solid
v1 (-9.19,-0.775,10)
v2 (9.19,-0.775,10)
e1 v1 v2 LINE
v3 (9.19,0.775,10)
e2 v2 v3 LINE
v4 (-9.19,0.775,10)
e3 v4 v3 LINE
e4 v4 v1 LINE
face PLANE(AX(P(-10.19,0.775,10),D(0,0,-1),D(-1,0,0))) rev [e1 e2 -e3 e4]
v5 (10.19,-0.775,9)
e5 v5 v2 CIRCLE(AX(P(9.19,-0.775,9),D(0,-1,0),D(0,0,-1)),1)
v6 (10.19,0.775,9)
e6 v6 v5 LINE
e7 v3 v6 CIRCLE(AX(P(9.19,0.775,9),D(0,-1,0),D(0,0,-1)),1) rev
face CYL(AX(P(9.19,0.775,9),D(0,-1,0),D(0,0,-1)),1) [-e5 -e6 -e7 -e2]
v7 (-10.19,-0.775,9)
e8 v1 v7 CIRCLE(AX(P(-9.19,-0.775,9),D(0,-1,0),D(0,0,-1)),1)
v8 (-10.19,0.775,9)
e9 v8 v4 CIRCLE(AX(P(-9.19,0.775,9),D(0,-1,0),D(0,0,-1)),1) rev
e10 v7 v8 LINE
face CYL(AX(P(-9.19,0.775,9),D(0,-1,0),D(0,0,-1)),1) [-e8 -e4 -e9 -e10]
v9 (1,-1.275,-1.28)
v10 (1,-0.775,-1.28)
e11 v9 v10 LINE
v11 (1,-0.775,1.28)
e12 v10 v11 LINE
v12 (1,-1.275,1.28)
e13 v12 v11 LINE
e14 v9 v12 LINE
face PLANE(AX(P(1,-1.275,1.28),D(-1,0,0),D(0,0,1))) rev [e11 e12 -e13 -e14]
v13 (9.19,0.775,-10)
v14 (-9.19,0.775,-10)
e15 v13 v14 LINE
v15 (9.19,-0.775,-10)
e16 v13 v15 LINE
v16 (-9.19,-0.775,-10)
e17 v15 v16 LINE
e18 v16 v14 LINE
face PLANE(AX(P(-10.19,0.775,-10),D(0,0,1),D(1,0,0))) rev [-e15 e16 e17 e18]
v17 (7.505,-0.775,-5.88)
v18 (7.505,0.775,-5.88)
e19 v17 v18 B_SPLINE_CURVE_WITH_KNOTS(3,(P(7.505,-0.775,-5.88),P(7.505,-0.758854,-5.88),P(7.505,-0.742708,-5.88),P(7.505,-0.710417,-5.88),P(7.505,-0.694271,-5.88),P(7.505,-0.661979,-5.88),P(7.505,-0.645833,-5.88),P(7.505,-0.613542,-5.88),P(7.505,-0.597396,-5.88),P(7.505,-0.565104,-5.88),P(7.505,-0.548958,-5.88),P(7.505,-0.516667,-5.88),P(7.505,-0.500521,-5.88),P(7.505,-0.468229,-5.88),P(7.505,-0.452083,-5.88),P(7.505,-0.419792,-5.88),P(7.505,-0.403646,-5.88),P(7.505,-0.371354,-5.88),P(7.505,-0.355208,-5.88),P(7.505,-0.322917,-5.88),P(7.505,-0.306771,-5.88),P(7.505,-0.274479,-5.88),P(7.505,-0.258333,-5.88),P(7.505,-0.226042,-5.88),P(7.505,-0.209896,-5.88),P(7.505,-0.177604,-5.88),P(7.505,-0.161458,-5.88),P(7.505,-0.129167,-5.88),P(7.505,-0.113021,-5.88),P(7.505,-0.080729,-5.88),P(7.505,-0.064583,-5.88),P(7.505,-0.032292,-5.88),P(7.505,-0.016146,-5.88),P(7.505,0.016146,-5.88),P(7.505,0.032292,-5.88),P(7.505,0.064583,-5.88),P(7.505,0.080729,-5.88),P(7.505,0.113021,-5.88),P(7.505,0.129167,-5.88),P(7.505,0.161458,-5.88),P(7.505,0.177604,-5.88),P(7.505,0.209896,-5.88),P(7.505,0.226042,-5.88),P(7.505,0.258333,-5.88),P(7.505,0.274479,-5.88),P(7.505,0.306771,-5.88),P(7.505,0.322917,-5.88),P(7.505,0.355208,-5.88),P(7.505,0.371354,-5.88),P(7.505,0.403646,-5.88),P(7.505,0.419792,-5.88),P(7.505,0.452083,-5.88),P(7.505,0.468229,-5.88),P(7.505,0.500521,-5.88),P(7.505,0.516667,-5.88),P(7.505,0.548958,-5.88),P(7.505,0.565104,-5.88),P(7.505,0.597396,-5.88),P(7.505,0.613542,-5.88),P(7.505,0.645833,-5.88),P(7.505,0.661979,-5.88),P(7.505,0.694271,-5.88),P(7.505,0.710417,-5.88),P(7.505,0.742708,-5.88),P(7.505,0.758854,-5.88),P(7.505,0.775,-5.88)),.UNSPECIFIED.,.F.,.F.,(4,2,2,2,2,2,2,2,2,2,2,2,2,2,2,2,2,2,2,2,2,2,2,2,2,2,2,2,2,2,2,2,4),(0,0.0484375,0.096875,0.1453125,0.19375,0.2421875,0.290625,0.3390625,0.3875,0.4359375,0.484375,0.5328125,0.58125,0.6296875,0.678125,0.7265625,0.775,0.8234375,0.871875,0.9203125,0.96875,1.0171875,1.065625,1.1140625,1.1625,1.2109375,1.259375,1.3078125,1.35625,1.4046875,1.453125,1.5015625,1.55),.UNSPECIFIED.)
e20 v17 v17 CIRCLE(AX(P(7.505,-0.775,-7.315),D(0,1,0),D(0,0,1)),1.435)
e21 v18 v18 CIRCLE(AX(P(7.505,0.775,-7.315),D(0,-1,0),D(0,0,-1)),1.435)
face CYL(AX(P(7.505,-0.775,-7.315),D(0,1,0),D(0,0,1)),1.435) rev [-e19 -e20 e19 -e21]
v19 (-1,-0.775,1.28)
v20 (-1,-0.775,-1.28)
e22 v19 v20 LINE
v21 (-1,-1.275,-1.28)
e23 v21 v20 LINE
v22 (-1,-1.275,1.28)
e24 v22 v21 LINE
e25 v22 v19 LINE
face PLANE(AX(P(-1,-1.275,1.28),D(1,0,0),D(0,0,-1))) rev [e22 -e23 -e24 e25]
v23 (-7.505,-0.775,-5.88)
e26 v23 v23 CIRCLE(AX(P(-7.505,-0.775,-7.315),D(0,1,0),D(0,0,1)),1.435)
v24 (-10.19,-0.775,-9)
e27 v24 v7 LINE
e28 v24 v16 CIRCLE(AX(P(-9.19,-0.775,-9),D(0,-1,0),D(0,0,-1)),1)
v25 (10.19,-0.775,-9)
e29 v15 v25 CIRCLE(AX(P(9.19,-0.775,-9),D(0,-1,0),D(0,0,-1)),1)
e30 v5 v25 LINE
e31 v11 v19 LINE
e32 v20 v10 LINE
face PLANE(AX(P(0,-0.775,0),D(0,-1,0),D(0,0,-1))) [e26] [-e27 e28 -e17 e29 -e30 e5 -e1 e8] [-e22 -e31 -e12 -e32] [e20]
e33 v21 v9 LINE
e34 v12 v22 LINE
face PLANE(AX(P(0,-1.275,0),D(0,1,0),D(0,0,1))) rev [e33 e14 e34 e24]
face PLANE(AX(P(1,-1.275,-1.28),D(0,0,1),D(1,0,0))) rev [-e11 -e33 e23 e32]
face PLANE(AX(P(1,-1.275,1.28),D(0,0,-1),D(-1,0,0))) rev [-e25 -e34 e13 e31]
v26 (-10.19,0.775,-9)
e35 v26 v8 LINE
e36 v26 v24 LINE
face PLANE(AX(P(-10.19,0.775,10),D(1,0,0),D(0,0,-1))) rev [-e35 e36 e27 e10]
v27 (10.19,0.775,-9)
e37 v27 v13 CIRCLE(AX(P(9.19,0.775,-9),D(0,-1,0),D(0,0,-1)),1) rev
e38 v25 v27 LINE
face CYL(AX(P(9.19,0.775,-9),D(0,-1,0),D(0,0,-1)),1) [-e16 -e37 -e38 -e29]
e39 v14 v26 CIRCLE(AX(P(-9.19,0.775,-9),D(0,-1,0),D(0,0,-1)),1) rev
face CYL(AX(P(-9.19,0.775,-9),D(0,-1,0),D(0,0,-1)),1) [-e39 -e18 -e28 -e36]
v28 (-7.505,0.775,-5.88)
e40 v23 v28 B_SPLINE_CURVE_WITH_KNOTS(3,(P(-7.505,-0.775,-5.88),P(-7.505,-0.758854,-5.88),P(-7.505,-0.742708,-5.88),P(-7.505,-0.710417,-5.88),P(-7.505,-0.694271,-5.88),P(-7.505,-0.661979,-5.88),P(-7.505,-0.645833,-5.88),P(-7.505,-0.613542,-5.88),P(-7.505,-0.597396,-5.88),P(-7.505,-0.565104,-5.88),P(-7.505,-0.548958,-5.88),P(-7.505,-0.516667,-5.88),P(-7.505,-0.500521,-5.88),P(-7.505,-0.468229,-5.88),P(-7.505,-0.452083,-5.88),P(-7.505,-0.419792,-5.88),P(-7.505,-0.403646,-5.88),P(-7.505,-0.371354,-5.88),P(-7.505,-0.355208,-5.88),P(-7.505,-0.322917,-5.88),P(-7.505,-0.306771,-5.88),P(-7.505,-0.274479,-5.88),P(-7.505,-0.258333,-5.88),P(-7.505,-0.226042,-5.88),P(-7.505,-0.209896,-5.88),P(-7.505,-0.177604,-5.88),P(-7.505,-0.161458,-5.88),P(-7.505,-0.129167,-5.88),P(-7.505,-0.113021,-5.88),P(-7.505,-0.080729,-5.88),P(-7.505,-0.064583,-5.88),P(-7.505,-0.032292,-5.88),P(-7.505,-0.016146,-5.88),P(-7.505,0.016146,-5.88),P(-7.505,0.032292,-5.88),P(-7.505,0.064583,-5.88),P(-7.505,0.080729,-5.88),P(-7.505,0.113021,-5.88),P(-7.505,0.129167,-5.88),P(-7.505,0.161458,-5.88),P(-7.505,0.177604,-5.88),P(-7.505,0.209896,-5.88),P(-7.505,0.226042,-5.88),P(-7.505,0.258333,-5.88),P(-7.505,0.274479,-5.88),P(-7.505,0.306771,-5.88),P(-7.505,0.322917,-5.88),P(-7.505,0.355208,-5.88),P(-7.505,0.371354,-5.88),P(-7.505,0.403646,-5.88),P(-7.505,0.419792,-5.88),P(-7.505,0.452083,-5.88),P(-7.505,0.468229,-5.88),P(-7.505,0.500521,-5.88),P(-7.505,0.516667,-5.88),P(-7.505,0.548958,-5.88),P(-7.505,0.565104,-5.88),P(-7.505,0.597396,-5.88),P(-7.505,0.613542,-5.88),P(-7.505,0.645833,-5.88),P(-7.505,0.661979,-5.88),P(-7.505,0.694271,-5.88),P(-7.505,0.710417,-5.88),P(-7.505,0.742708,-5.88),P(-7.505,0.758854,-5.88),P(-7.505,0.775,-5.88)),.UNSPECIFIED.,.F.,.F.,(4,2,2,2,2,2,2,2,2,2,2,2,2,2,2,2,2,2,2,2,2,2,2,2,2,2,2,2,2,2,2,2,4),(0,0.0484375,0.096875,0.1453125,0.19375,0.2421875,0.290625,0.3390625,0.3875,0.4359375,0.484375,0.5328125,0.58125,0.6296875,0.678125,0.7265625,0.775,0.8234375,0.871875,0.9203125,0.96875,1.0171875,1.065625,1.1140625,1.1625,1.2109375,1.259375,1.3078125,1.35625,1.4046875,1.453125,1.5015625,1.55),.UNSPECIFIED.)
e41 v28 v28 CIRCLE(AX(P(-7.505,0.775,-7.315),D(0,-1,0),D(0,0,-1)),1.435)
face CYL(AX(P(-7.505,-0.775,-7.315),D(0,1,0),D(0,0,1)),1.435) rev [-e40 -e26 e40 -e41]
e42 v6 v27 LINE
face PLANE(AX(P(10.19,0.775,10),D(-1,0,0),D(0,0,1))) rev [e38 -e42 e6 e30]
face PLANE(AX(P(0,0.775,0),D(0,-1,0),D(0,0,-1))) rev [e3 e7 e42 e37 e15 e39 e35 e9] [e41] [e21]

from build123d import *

# Parameters (mm, degrees)
SKETCH1_W               = 20.38
SKETCH1_H               = 20
BOSS_EXTRUDE1_DEPTH     = 0.775
CUT_EXTRUDE1_DEPTH      = 15.361009714
CUT_EXTRUDE1_DEPTH_BACK = 15.361009714
SKETCH2_R               = 1.435
FILLET1_R               = 1
SKETCH3_W               = 2
SKETCH3_H               = 2.56
BOSS_EXTRUDE2_DEPTH     = 0.5


with BuildPart() as part:
    # Sketch1 → Boss-Extrude1 (new, symmetric)
    with BuildSketch(Plane(origin=(0, 0, 0), x_dir=(1, 0, 0), z_dir=(0, 1, 0))):
        Rectangle(SKETCH1_W, SKETCH1_H)
    extrude(amount=BOSS_EXTRUDE1_DEPTH, both=True)

    # Sketch2 → Cut-Extrude1 (cut, two sides: drawn at the far end of the back side and taken through both)
    with BuildSketch(Plane(origin=(0, 0.775, 0), x_dir=(1, 0, 0), z_dir=(0, 1, 0)).offset(-CUT_EXTRUDE1_DEPTH_BACK)):
        with Locations(Location((-7.505, 7.315, 0), (0, 0, 270))):
            Circle(SKETCH2_R)
        with Locations(Location((7.505, 7.315, 0), (0, 0, 270))):
            Circle(SKETCH2_R)
    extrude(amount=CUT_EXTRUDE1_DEPTH + CUT_EXTRUDE1_DEPTH_BACK, mode=Mode.SUBTRACT)

    # Fillet1
    fillet1_edges = [part.edges().sort_by_distance(p)[0] for p in [
        (10.19, 0, 10),
        (-10.19, 0, 10),
        (-10.19, 0, -10),
        (10.19, 0, -10),
    ]]
    fillet(fillet1_edges, radius=FILLET1_R)

    # Sketch3 → Boss-Extrude2 (add)
    with BuildSketch(Plane(origin=(0, -0.775, 0), x_dir=(-1, 0, 0), z_dir=(0, -1, 0))):
        Rectangle(SKETCH3_W, SKETCH3_H)
    extrude(amount=BOSS_EXTRUDE2_DEPTH)


solid = part.part
